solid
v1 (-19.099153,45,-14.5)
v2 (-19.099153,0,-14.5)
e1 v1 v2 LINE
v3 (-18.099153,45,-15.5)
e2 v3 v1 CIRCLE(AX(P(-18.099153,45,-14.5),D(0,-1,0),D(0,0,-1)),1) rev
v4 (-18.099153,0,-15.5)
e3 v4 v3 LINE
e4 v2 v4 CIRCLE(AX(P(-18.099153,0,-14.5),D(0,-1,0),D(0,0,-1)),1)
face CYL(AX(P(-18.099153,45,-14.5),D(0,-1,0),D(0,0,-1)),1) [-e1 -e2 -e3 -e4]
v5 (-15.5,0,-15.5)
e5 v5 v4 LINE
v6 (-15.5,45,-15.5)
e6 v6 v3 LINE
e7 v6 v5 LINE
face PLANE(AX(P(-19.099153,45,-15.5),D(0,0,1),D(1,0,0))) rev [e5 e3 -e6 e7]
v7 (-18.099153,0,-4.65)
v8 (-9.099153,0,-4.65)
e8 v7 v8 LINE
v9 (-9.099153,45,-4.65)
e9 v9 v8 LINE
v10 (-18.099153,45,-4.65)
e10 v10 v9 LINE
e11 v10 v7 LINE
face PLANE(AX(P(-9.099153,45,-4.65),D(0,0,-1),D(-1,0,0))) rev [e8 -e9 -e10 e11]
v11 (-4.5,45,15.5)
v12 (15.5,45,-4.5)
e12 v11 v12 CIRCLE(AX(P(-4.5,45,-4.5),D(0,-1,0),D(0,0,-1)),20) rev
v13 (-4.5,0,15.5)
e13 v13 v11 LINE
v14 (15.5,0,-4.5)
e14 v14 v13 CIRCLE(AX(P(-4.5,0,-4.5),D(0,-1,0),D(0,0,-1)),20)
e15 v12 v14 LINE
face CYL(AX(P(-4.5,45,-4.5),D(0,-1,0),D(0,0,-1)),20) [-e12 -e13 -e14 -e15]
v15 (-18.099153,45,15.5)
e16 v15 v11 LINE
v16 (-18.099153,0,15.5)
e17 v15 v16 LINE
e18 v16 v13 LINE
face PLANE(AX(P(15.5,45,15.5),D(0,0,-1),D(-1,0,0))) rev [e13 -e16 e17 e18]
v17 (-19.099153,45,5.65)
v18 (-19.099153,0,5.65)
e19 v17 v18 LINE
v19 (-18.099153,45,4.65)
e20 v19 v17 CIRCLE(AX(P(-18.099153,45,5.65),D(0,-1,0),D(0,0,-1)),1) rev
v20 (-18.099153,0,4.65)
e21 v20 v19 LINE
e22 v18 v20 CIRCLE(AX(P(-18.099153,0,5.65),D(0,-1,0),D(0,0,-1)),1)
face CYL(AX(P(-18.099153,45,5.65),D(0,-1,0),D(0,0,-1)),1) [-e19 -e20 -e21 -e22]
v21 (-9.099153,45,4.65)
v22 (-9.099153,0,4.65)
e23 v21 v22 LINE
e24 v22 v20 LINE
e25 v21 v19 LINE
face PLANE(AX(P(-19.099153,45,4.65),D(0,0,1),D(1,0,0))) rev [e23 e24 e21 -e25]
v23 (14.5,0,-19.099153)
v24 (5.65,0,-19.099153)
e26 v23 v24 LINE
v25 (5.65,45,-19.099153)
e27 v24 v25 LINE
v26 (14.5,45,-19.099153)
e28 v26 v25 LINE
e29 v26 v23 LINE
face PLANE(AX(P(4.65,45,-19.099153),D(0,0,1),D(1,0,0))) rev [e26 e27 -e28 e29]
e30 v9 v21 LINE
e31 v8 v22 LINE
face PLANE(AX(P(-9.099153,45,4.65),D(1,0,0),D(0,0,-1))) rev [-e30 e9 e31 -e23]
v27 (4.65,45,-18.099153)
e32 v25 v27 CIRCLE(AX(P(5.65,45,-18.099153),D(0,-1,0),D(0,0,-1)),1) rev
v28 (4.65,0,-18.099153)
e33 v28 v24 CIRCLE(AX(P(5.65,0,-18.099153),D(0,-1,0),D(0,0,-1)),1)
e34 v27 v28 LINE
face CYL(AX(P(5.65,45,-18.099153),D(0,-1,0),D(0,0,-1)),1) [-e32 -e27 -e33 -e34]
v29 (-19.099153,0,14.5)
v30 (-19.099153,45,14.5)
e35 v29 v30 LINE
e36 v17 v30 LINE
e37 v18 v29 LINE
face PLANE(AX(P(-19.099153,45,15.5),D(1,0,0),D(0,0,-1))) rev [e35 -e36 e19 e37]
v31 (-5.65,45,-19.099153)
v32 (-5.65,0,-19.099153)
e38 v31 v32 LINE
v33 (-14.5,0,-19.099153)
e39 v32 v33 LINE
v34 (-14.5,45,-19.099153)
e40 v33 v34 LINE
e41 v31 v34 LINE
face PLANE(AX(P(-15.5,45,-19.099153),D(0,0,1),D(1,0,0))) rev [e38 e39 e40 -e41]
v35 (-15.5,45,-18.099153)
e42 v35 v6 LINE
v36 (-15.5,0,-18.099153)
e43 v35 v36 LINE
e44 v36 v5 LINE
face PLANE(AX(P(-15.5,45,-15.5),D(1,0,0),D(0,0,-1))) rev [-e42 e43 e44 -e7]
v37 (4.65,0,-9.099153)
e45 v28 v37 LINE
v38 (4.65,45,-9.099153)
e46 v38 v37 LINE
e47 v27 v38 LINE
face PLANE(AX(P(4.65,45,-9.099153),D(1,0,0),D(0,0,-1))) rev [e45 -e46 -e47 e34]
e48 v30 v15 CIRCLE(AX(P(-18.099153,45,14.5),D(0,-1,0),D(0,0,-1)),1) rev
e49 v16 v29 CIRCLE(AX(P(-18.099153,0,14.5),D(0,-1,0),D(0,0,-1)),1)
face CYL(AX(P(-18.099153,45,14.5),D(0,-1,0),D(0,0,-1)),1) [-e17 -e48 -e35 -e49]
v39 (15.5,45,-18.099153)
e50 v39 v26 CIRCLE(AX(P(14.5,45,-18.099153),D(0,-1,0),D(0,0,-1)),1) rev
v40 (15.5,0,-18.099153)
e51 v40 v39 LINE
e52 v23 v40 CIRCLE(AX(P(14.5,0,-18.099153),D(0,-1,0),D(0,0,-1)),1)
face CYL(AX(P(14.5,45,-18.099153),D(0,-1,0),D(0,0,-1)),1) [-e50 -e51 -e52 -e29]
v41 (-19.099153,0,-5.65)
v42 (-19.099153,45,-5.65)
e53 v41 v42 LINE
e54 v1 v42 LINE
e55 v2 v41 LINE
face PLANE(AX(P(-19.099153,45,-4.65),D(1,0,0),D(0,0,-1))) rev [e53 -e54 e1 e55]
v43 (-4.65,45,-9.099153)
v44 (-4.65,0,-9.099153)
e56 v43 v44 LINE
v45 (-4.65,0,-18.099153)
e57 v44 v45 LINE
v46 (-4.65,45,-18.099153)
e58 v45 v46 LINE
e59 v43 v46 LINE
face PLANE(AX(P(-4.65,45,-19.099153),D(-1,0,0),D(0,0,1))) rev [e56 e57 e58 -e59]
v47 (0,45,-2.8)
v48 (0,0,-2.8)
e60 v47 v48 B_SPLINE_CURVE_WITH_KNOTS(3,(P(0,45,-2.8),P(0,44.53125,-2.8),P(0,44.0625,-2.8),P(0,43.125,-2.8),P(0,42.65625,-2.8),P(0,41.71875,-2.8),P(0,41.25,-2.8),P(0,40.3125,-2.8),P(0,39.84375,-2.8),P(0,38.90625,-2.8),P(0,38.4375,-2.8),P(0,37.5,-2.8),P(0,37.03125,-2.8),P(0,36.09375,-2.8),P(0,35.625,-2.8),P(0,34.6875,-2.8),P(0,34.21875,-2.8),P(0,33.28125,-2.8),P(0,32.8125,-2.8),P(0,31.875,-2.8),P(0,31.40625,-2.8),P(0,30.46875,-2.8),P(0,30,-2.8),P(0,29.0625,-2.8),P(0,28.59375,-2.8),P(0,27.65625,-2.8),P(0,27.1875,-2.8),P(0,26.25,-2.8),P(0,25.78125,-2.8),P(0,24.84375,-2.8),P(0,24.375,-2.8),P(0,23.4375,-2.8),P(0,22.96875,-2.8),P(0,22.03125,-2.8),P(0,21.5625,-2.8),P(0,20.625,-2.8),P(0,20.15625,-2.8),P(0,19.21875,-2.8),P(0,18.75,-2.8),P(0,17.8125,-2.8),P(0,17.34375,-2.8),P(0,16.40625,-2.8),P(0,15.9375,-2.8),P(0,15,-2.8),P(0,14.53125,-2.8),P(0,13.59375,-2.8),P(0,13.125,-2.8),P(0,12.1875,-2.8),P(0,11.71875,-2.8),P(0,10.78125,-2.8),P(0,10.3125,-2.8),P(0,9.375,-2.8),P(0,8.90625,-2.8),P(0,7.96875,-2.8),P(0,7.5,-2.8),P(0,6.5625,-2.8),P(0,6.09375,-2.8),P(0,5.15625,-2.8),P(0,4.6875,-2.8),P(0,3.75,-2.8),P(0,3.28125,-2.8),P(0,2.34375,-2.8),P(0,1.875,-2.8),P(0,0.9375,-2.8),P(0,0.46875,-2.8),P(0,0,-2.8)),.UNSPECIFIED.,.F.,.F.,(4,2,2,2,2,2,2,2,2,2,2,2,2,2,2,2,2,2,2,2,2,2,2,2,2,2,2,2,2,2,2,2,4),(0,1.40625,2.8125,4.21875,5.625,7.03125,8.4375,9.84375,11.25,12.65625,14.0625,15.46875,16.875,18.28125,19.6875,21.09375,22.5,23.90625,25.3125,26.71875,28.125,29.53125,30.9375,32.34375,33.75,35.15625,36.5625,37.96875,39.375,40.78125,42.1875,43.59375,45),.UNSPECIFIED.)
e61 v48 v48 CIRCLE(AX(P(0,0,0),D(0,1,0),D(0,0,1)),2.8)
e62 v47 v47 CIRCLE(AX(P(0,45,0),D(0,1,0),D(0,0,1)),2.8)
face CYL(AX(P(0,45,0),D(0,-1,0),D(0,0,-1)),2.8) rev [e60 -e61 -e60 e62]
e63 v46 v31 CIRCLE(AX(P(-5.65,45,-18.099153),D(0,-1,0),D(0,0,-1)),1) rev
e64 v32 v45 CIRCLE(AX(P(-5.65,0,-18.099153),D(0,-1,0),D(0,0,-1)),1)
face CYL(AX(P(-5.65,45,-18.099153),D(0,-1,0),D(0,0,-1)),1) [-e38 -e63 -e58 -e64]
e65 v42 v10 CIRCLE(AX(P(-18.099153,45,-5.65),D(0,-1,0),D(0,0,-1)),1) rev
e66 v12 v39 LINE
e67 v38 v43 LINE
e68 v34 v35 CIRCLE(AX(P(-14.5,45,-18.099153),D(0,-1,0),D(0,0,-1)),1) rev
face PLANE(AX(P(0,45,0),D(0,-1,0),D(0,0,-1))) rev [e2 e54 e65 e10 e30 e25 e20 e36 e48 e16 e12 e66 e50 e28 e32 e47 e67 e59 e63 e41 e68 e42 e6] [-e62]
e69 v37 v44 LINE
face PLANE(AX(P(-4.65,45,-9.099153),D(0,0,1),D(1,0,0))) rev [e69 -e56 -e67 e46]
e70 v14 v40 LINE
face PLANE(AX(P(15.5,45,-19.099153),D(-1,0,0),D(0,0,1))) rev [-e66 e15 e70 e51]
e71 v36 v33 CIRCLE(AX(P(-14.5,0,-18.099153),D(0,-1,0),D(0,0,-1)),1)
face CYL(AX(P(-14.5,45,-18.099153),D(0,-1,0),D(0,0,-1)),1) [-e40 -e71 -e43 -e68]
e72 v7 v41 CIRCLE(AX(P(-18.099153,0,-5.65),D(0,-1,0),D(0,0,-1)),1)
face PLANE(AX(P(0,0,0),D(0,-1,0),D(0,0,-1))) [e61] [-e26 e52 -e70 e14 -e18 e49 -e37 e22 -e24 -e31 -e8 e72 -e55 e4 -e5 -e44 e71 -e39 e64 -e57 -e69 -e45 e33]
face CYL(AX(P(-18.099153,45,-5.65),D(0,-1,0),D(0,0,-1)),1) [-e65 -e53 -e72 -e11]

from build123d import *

# Parameters (mm, degrees)
SKETCH1_R           = 2.8
BOSS_EXTRUDE1_DEPTH = 45
FILLET1_R           = 1
FILLET2_R           = 20


with BuildPart() as part:
    # Sketch1 → Boss-Extrude1 (new body)
    with BuildSketch(Plane(origin=(0, 0, 0), x_dir=(1, 0, 0), z_dir=(0, 1, 0))):
        Polygon((-19.099152542, -15.5), (-19.099152542, -4.65), (-9.099152542, -4.65), (-9.099152542, 4.65), (-19.099152542, 4.65), (-19.099152542, 15.5), (-15.5, 15.5), (-15.5, 19.099152542), (-4.65, 19.099152542), (-4.65, 9.099152542), (4.65, 9.099152542), (4.65, 19.099152542), (15.5, 19.099152542), (15.5, -15.5), align=None)
        with Locations(Location((0, 0, 0), (0, 0, 90))):
            Circle(SKETCH1_R, mode=Mode.SUBTRACT)
    extrude(amount=BOSS_EXTRUDE1_DEPTH)

    # Fillet1
    fillet1_edges = [part.edges().sort_by_distance(p)[0] for p in [
        (-19.099152542, 22.5, 15.5),
        (-19.099152542, 22.5, 4.65),
        (-19.099152542, 22.5, -4.65),
        (-19.099152542, 22.5, -15.5),
        (-15.5, 22.5, -19.099152542),
        (-4.65, 22.5, -19.099152542),
        (4.65, 22.5, -19.099152542),
        (15.5, 22.5, -19.099152542),
    ]]
    fillet(fillet1_edges, radius=FILLET1_R)

    # Fillet2
    fillet2_edges = [part.edges().sort_by_distance(p)[0] for p in [
        (15.5, 22.5, 15.5),
    ]]
    fillet(fillet2_edges, radius=FILLET2_R)


solid = part.part
